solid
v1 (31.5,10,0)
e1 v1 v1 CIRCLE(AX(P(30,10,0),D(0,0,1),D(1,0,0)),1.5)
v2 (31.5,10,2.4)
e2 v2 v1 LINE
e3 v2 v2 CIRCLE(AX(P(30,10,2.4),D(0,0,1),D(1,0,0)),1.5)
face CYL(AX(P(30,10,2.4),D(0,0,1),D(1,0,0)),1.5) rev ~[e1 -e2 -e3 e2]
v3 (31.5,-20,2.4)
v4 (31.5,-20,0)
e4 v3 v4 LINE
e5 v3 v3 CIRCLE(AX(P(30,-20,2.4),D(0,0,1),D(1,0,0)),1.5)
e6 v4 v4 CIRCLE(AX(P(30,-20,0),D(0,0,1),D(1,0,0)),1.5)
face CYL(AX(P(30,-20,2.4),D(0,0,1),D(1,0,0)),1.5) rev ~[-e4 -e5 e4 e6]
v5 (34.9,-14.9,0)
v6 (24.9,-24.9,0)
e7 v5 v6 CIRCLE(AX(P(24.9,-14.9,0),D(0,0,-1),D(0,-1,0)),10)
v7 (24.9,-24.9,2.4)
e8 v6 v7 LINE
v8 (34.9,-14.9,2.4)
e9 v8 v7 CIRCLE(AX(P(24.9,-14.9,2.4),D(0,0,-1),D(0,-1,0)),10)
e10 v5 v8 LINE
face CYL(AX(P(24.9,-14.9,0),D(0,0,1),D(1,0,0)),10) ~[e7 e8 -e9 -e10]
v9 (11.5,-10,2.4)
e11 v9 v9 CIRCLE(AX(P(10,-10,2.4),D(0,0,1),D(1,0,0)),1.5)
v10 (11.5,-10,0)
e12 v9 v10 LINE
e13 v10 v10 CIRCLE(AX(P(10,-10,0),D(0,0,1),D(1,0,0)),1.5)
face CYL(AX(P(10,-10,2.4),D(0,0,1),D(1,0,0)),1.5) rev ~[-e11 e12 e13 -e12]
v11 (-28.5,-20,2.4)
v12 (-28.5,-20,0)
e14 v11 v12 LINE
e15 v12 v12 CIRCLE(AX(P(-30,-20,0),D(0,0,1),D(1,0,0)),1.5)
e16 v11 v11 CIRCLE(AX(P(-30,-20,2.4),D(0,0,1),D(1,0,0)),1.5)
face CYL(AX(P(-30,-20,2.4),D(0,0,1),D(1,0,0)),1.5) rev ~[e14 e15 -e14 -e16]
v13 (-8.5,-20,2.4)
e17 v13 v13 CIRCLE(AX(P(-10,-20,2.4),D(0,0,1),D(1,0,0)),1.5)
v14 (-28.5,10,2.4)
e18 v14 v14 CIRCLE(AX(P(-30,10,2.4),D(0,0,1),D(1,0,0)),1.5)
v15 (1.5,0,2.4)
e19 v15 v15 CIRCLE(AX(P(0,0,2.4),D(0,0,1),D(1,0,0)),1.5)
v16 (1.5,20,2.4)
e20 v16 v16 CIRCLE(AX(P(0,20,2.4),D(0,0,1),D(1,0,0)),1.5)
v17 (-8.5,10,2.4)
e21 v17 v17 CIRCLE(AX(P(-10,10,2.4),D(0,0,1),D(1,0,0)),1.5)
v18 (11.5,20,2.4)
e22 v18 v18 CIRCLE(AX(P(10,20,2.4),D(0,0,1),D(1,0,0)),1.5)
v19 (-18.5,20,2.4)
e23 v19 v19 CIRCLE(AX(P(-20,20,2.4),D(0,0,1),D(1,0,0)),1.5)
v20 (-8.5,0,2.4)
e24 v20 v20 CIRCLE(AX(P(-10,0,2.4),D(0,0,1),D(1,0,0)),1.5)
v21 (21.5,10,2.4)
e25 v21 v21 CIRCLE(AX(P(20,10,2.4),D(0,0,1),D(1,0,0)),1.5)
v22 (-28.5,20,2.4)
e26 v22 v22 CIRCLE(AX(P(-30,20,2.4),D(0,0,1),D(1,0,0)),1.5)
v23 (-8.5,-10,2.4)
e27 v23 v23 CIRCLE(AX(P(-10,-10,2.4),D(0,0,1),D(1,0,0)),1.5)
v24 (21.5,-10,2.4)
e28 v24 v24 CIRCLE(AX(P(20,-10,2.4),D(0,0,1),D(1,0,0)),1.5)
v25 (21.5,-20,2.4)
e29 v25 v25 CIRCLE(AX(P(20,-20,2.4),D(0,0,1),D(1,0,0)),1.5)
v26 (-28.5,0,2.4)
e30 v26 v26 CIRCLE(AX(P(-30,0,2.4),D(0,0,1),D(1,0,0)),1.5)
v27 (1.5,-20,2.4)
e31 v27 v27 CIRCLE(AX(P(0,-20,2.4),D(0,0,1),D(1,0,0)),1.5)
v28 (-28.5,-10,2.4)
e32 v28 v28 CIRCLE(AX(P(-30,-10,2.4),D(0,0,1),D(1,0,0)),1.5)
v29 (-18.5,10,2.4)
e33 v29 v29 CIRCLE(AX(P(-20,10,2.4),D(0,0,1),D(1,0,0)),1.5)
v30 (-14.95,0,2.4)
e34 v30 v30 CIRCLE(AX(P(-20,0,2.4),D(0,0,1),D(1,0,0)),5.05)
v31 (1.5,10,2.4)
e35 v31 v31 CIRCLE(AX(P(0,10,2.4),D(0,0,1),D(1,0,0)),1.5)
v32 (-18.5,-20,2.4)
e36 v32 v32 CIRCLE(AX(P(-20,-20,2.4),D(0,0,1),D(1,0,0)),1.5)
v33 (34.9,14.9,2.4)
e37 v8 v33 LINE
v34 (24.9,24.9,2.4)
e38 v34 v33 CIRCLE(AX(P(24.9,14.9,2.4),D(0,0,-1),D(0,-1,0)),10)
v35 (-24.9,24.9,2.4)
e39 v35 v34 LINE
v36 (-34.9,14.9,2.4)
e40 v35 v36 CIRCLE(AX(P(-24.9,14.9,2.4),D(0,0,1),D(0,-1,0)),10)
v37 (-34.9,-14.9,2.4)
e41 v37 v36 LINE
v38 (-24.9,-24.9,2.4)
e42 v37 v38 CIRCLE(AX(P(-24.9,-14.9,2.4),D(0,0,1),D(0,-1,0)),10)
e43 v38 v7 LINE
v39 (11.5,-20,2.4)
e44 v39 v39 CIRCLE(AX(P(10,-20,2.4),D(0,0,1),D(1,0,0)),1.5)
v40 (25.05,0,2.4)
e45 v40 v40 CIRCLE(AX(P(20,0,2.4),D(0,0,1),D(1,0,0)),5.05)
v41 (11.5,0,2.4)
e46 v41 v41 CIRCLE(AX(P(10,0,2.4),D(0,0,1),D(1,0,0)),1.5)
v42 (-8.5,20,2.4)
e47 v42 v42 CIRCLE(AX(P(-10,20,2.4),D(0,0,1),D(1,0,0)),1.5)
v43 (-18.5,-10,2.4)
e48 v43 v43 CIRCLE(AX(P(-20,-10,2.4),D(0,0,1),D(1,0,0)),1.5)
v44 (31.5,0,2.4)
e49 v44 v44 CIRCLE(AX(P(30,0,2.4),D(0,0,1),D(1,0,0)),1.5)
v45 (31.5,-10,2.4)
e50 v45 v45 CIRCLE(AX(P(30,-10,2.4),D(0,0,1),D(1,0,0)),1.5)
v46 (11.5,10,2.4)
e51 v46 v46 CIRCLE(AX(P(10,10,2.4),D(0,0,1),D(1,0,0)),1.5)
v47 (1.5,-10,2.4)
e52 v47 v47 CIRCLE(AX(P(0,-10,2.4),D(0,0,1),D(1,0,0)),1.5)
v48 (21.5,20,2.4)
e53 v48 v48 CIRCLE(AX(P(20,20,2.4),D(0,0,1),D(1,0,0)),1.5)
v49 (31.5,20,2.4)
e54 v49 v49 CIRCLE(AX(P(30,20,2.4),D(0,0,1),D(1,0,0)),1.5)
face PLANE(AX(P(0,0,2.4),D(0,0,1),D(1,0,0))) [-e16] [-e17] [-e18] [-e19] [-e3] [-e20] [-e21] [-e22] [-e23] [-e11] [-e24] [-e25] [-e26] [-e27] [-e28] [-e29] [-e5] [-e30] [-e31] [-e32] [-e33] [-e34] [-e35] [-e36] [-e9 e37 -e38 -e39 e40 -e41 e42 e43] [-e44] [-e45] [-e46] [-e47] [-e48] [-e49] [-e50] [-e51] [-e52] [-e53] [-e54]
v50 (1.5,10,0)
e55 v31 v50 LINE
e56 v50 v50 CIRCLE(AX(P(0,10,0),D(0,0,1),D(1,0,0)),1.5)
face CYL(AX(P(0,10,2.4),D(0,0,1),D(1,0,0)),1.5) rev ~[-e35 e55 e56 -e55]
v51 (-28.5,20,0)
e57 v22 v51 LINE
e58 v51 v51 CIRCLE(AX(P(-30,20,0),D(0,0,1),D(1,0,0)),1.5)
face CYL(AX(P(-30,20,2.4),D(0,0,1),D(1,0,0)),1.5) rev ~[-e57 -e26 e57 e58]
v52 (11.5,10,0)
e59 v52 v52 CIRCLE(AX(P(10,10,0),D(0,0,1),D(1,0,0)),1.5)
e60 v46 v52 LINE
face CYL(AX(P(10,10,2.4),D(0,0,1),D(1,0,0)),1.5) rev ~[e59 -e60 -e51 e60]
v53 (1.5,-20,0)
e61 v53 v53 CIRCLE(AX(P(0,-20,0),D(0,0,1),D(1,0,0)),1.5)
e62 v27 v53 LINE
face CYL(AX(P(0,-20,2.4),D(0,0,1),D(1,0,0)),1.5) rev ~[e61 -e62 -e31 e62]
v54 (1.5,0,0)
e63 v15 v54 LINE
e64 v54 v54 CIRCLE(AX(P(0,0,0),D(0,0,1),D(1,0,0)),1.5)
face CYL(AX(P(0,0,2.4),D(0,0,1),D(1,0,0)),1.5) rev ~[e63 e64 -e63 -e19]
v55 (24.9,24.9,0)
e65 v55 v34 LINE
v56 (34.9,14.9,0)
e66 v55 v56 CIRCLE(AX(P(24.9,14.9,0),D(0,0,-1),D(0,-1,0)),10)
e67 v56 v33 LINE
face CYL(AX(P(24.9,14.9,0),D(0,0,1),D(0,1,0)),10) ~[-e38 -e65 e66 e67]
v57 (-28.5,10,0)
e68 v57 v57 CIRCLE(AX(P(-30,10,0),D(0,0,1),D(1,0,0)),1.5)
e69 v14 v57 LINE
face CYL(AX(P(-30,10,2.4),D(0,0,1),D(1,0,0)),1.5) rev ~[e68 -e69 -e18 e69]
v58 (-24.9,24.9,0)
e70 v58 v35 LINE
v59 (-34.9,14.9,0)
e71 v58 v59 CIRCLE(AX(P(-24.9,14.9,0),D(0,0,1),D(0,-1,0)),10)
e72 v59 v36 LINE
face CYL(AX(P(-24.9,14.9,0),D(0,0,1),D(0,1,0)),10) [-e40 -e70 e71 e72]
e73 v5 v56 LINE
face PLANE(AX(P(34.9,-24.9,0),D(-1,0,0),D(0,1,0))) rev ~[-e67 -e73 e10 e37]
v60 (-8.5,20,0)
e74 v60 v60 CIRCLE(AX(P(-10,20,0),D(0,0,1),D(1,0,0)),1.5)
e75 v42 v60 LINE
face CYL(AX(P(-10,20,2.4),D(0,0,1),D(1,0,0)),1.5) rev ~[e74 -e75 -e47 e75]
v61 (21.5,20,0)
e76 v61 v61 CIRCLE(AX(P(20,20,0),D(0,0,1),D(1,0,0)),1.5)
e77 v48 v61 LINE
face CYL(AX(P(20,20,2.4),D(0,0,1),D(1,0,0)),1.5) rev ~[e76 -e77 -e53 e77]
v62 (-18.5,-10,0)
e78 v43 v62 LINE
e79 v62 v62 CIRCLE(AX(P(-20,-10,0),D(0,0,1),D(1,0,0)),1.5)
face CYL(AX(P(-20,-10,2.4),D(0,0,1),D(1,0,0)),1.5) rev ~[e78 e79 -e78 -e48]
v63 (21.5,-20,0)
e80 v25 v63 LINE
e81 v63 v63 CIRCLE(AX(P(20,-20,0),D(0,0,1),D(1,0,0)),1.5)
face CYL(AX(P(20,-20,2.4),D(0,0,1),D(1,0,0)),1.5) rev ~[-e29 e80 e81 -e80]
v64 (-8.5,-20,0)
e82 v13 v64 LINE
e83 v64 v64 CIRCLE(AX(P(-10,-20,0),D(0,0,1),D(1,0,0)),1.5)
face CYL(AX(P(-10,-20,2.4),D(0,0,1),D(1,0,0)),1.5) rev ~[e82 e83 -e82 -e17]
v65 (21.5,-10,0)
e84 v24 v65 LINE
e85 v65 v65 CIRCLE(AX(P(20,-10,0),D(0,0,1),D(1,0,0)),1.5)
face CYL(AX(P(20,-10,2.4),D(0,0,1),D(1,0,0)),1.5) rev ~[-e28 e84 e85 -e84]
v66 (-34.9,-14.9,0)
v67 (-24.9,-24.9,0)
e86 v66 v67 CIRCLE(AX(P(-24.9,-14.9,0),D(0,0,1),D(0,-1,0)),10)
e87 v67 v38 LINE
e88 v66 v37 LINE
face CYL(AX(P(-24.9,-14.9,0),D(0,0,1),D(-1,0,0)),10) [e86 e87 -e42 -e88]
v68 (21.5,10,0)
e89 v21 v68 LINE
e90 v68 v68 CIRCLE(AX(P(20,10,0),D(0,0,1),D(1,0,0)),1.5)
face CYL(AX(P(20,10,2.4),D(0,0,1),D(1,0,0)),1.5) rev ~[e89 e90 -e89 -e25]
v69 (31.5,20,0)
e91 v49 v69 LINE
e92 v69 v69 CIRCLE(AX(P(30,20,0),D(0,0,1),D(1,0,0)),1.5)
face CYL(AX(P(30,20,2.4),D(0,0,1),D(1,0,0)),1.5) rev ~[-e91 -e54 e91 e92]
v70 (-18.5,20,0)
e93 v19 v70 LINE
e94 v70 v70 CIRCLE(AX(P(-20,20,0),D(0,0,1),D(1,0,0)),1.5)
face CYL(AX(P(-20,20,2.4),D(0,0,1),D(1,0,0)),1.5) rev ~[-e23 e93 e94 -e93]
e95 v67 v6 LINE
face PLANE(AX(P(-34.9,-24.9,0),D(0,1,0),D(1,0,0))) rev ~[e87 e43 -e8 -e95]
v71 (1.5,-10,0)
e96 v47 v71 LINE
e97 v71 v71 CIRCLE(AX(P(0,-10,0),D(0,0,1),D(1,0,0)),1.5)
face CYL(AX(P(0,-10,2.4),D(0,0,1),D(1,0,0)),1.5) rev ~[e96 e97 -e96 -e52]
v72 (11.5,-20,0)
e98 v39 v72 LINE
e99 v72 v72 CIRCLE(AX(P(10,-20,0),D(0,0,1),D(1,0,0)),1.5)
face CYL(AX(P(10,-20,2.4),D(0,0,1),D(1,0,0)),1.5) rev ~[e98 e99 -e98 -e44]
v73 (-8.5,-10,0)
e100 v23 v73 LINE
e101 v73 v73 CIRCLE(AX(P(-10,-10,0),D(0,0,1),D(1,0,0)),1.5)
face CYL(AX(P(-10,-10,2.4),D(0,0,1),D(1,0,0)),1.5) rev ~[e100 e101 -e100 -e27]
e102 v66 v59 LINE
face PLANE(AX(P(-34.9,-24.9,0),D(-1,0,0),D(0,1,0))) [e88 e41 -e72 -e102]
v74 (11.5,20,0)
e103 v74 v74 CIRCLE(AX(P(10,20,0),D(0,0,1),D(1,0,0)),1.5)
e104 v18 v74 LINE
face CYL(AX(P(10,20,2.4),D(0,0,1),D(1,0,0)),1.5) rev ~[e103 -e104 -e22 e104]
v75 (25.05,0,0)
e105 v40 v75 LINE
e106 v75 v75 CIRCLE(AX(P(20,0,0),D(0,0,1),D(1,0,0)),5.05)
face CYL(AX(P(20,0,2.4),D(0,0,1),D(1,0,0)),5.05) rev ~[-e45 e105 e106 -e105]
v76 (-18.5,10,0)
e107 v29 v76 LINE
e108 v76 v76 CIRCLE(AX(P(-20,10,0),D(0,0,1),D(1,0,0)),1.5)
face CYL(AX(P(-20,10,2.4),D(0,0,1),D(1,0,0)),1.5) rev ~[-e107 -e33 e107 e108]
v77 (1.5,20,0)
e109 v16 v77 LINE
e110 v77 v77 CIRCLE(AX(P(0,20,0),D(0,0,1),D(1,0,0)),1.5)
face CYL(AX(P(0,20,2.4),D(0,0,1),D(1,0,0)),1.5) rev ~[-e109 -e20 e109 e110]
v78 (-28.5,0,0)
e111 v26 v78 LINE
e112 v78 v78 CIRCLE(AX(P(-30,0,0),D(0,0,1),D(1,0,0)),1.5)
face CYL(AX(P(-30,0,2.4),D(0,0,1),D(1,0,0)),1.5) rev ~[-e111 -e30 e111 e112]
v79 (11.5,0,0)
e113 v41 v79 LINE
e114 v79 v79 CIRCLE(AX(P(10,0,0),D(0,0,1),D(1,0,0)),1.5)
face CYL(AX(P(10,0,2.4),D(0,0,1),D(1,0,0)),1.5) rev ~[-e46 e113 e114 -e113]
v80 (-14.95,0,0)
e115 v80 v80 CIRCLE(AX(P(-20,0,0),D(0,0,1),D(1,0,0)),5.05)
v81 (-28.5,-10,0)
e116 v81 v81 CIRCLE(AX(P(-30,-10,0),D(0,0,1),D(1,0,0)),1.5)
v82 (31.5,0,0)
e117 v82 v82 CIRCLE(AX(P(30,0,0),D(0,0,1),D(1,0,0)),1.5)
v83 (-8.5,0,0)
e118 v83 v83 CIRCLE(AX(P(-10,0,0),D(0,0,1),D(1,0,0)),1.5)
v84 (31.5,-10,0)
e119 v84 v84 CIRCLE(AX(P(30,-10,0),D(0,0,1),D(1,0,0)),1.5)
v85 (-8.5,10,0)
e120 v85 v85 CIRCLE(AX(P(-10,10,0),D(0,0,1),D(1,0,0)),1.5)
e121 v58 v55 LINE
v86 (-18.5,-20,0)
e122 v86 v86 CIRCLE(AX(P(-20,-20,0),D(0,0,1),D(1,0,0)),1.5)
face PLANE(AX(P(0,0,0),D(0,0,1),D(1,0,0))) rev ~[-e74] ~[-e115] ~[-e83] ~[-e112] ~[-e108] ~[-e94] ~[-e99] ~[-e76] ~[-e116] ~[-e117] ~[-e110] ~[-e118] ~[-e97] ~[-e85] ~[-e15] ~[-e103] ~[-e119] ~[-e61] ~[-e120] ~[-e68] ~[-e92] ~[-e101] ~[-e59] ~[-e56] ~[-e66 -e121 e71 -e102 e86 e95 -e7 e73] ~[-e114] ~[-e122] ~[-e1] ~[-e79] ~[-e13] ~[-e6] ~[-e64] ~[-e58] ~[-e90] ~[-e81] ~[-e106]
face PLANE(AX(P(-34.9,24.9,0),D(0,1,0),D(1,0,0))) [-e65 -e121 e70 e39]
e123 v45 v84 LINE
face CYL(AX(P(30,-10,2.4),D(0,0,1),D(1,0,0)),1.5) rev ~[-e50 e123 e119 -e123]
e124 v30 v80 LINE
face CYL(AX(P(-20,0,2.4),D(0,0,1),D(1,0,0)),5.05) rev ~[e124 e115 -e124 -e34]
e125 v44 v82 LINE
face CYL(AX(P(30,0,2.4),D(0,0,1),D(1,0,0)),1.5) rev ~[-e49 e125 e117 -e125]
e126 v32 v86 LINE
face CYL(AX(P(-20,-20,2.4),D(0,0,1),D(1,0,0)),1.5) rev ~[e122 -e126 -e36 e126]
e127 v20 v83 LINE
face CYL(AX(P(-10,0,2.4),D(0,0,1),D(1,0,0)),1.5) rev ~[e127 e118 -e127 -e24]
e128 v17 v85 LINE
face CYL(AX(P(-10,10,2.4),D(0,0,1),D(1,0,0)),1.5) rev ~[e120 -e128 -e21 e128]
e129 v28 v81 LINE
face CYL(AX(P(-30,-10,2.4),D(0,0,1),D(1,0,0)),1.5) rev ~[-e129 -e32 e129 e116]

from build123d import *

# Parameters (mm, degrees)
SKETCH_1_W          = 69.8
SKETCH_1_H          = 49.8
EXTRUDE_1_DEPTH     = 2.4
SKETCH_2_R          = 1.5
SKETCH_2_R_2        = 5.05
CUT_EXTRUDE_3_DEPTH = 10
FILLET_4_R          = 10
FILLET_5_R          = 10


with BuildPart() as part:
    # 草图1 → 凸台-拉伸1 (new body)
    with BuildSketch(Plane.XY):
        Rectangle(SKETCH_1_W, SKETCH_1_H)
    extrude(amount=EXTRUDE_1_DEPTH)

    # 草图2 → 切除-拉伸3 (cut)
    # profile 1 of 35: a face of its own
    with BuildSketch(Plane.XY.offset(2.4)):
        with Locations((30, 20)):
            Circle(SKETCH_2_R)
    # profile 2 of 35: a face of its own
    with BuildSketch(Plane.XY.offset(2.4)):
        with Locations((20, 20)):
            Circle(SKETCH_2_R)
    # profile 3 of 35: a face of its own
    with BuildSketch(Plane.XY.offset(2.4)):
        with Locations((10, 20)):
            Circle(SKETCH_2_R)
    # profile 4 of 35: a face of its own
    with BuildSketch(Plane.XY.offset(2.4)):
        with Locations((0, 20)):
            Circle(SKETCH_2_R)
    # profile 5 of 35: a face of its own
    with BuildSketch(Plane.XY.offset(2.4)):
        with Locations((-10, 20)):
            Circle(SKETCH_2_R)
    # profile 6 of 35: a face of its own
    with BuildSketch(Plane.XY.offset(2.4)):
        with Locations((-20, 20)):
            Circle(SKETCH_2_R)
    # profile 7 of 35: a face of its own
    with BuildSketch(Plane.XY.offset(2.4)):
        with Locations((-30, 20)):
            Circle(SKETCH_2_R)
    # profile 8 of 35: a face of its own
    with BuildSketch(Plane.XY.offset(2.4)):
        with Locations((20, 10)):
            Circle(SKETCH_2_R)
    # profile 9 of 35: a face of its own
    with BuildSketch(Plane.XY.offset(2.4)):
        with Locations((10, 10)):
            Circle(SKETCH_2_R)
    # profile 10 of 35: a face of its own
    with BuildSketch(Plane.XY.offset(2.4)):
        with Locations((0, 10)):
            Circle(SKETCH_2_R)
    # profile 11 of 35: a face of its own
    with BuildSketch(Plane.XY.offset(2.4)):
        with Locations((-10, 10)):
            Circle(SKETCH_2_R)
    # profile 12 of 35: a face of its own
    with BuildSketch(Plane.XY.offset(2.4)):
        with Locations((-20, 10)):
            Circle(SKETCH_2_R)
    # profile 13 of 35: a face of its own
    with BuildSketch(Plane.XY.offset(2.4)):
        with Locations((-30, 10)):
            Circle(SKETCH_2_R)
    # profile 14 of 35: a face of its own
    with BuildSketch(Plane.XY.offset(2.4)):
        with Locations((10, 0)):
            Circle(SKETCH_2_R)
    # profile 15 of 35: a face of its own
    with BuildSketch(Plane.XY.offset(2.4)):
        Circle(SKETCH_2_R)
    # profile 16 of 35: a face of its own
    with BuildSketch(Plane.XY.offset(2.4)):
        with Locations((-10, 0)):
            Circle(SKETCH_2_R)
    # profile 17 of 35: a face of its own
    with BuildSketch(Plane.XY.offset(2.4)):
        with Locations((-30, 0)):
            Circle(SKETCH_2_R)
    # profile 18 of 35: a face of its own
    with BuildSketch(Plane.XY.offset(2.4)):
        with Locations((20, -10)):
            Circle(SKETCH_2_R)
    # profile 19 of 35: a face of its own
    with BuildSketch(Plane.XY.offset(2.4)):
        with Locations((10, -10)):
            Circle(SKETCH_2_R)
    # profile 20 of 35: a face of its own
    with BuildSketch(Plane.XY.offset(2.4)):
        with Locations((0, -10)):
            Circle(SKETCH_2_R)
    # profile 21 of 35: a face of its own
    with BuildSketch(Plane.XY.offset(2.4)):
        with Locations((-10, -10)):
            Circle(SKETCH_2_R)
    # profile 22 of 35: a face of its own
    with BuildSketch(Plane.XY.offset(2.4)):
        with Locations((-20, -10)):
            Circle(SKETCH_2_R)
    # profile 23 of 35: a face of its own
    with BuildSketch(Plane.XY.offset(2.4)):
        with Locations((-30, -10)):
            Circle(SKETCH_2_R)
    # profile 24 of 35: a face of its own
    with BuildSketch(Plane.XY.offset(2.4)):
        with Locations((20, -20)):
            Circle(SKETCH_2_R)
    # profile 25 of 35: a face of its own
    with BuildSketch(Plane.XY.offset(2.4)):
        with Locations((10, -20)):
            Circle(SKETCH_2_R)
    # profile 26 of 35: a face of its own
    with BuildSketch(Plane.XY.offset(2.4)):
        with Locations((0, -20)):
            Circle(SKETCH_2_R)
    # profile 27 of 35: a face of its own
    with BuildSketch(Plane.XY.offset(2.4)):
        with Locations((-10, -20)):
            Circle(SKETCH_2_R)
    # profile 28 of 35: a face of its own
    with BuildSketch(Plane.XY.offset(2.4)):
        with Locations((-20, -20)):
            Circle(SKETCH_2_R)
    # profile 29 of 35: a face of its own
    with BuildSketch(Plane.XY.offset(2.4)):
        with Locations((-30, -20)):
            Circle(SKETCH_2_R)
    # profile 30 of 35: a face of its own
    with BuildSketch(Plane.XY.offset(2.4)):
        with Locations((30, 10)):
            Circle(SKETCH_2_R)
    # profile 31 of 35: a face of its own
    with BuildSketch(Plane.XY.offset(2.4)):
        with Locations((30, 0)):
            Circle(SKETCH_2_R)
    # profile 32 of 35: a face of its own
    with BuildSketch(Plane.XY.offset(2.4)):
        with Locations((30, -10)):
            Circle(SKETCH_2_R)
    # profile 33 of 35: a face of its own
    with BuildSketch(Plane.XY.offset(2.4)):
        with Locations((30, -20)):
            Circle(SKETCH_2_R)
    # profile 34 of 35: a face of its own
    with BuildSketch(Plane.XY.offset(2.4)):
        with Locations((-20, 0)):
            Circle(SKETCH_2_R_2)
        with Locations((-20, 0)):
            Circle(SKETCH_2_R, mode=Mode.SUBTRACT)
    # profile 35 of 35: a face of its own
    with BuildSketch(Plane.XY.offset(2.4)):
        with Locations((20, 0)):
            Circle(SKETCH_2_R_2)
        with Locations((20, 0)):
            Circle(SKETCH_2_R, mode=Mode.SUBTRACT)
    extrude(amount=-CUT_EXTRUDE_3_DEPTH, mode=Mode.SUBTRACT)


with BuildPart() as cut_extrude_3_kept_piece:
    # of the separate pieces the step leaves, the one the design keeps (cut_extrude_3_pieces_kept)
    add(part.part.solids().sort_by_distance((34.9, -24.9, 0))[0])

    # 圆角4
    fillet_4_edges = [cut_extrude_3_kept_piece.edges().sort_by_distance(p)[0] for p in [
        (34.9, 24.9, 1.2),
    ]]
    fillet(fillet_4_edges, radius=FILLET_4_R)

    # 圆角5
    fillet_5_edges = [cut_extrude_3_kept_piece.edges().sort_by_distance(p)[0] for p in [
        (-34.9, 24.9, 1.2),
        (-34.9, -24.9, 1.2),
        (34.9, -24.9, 1.2),
    ]]
    fillet(fillet_5_edges, radius=FILLET_5_R)


solid = cut_extrude_3_kept_piece.part
